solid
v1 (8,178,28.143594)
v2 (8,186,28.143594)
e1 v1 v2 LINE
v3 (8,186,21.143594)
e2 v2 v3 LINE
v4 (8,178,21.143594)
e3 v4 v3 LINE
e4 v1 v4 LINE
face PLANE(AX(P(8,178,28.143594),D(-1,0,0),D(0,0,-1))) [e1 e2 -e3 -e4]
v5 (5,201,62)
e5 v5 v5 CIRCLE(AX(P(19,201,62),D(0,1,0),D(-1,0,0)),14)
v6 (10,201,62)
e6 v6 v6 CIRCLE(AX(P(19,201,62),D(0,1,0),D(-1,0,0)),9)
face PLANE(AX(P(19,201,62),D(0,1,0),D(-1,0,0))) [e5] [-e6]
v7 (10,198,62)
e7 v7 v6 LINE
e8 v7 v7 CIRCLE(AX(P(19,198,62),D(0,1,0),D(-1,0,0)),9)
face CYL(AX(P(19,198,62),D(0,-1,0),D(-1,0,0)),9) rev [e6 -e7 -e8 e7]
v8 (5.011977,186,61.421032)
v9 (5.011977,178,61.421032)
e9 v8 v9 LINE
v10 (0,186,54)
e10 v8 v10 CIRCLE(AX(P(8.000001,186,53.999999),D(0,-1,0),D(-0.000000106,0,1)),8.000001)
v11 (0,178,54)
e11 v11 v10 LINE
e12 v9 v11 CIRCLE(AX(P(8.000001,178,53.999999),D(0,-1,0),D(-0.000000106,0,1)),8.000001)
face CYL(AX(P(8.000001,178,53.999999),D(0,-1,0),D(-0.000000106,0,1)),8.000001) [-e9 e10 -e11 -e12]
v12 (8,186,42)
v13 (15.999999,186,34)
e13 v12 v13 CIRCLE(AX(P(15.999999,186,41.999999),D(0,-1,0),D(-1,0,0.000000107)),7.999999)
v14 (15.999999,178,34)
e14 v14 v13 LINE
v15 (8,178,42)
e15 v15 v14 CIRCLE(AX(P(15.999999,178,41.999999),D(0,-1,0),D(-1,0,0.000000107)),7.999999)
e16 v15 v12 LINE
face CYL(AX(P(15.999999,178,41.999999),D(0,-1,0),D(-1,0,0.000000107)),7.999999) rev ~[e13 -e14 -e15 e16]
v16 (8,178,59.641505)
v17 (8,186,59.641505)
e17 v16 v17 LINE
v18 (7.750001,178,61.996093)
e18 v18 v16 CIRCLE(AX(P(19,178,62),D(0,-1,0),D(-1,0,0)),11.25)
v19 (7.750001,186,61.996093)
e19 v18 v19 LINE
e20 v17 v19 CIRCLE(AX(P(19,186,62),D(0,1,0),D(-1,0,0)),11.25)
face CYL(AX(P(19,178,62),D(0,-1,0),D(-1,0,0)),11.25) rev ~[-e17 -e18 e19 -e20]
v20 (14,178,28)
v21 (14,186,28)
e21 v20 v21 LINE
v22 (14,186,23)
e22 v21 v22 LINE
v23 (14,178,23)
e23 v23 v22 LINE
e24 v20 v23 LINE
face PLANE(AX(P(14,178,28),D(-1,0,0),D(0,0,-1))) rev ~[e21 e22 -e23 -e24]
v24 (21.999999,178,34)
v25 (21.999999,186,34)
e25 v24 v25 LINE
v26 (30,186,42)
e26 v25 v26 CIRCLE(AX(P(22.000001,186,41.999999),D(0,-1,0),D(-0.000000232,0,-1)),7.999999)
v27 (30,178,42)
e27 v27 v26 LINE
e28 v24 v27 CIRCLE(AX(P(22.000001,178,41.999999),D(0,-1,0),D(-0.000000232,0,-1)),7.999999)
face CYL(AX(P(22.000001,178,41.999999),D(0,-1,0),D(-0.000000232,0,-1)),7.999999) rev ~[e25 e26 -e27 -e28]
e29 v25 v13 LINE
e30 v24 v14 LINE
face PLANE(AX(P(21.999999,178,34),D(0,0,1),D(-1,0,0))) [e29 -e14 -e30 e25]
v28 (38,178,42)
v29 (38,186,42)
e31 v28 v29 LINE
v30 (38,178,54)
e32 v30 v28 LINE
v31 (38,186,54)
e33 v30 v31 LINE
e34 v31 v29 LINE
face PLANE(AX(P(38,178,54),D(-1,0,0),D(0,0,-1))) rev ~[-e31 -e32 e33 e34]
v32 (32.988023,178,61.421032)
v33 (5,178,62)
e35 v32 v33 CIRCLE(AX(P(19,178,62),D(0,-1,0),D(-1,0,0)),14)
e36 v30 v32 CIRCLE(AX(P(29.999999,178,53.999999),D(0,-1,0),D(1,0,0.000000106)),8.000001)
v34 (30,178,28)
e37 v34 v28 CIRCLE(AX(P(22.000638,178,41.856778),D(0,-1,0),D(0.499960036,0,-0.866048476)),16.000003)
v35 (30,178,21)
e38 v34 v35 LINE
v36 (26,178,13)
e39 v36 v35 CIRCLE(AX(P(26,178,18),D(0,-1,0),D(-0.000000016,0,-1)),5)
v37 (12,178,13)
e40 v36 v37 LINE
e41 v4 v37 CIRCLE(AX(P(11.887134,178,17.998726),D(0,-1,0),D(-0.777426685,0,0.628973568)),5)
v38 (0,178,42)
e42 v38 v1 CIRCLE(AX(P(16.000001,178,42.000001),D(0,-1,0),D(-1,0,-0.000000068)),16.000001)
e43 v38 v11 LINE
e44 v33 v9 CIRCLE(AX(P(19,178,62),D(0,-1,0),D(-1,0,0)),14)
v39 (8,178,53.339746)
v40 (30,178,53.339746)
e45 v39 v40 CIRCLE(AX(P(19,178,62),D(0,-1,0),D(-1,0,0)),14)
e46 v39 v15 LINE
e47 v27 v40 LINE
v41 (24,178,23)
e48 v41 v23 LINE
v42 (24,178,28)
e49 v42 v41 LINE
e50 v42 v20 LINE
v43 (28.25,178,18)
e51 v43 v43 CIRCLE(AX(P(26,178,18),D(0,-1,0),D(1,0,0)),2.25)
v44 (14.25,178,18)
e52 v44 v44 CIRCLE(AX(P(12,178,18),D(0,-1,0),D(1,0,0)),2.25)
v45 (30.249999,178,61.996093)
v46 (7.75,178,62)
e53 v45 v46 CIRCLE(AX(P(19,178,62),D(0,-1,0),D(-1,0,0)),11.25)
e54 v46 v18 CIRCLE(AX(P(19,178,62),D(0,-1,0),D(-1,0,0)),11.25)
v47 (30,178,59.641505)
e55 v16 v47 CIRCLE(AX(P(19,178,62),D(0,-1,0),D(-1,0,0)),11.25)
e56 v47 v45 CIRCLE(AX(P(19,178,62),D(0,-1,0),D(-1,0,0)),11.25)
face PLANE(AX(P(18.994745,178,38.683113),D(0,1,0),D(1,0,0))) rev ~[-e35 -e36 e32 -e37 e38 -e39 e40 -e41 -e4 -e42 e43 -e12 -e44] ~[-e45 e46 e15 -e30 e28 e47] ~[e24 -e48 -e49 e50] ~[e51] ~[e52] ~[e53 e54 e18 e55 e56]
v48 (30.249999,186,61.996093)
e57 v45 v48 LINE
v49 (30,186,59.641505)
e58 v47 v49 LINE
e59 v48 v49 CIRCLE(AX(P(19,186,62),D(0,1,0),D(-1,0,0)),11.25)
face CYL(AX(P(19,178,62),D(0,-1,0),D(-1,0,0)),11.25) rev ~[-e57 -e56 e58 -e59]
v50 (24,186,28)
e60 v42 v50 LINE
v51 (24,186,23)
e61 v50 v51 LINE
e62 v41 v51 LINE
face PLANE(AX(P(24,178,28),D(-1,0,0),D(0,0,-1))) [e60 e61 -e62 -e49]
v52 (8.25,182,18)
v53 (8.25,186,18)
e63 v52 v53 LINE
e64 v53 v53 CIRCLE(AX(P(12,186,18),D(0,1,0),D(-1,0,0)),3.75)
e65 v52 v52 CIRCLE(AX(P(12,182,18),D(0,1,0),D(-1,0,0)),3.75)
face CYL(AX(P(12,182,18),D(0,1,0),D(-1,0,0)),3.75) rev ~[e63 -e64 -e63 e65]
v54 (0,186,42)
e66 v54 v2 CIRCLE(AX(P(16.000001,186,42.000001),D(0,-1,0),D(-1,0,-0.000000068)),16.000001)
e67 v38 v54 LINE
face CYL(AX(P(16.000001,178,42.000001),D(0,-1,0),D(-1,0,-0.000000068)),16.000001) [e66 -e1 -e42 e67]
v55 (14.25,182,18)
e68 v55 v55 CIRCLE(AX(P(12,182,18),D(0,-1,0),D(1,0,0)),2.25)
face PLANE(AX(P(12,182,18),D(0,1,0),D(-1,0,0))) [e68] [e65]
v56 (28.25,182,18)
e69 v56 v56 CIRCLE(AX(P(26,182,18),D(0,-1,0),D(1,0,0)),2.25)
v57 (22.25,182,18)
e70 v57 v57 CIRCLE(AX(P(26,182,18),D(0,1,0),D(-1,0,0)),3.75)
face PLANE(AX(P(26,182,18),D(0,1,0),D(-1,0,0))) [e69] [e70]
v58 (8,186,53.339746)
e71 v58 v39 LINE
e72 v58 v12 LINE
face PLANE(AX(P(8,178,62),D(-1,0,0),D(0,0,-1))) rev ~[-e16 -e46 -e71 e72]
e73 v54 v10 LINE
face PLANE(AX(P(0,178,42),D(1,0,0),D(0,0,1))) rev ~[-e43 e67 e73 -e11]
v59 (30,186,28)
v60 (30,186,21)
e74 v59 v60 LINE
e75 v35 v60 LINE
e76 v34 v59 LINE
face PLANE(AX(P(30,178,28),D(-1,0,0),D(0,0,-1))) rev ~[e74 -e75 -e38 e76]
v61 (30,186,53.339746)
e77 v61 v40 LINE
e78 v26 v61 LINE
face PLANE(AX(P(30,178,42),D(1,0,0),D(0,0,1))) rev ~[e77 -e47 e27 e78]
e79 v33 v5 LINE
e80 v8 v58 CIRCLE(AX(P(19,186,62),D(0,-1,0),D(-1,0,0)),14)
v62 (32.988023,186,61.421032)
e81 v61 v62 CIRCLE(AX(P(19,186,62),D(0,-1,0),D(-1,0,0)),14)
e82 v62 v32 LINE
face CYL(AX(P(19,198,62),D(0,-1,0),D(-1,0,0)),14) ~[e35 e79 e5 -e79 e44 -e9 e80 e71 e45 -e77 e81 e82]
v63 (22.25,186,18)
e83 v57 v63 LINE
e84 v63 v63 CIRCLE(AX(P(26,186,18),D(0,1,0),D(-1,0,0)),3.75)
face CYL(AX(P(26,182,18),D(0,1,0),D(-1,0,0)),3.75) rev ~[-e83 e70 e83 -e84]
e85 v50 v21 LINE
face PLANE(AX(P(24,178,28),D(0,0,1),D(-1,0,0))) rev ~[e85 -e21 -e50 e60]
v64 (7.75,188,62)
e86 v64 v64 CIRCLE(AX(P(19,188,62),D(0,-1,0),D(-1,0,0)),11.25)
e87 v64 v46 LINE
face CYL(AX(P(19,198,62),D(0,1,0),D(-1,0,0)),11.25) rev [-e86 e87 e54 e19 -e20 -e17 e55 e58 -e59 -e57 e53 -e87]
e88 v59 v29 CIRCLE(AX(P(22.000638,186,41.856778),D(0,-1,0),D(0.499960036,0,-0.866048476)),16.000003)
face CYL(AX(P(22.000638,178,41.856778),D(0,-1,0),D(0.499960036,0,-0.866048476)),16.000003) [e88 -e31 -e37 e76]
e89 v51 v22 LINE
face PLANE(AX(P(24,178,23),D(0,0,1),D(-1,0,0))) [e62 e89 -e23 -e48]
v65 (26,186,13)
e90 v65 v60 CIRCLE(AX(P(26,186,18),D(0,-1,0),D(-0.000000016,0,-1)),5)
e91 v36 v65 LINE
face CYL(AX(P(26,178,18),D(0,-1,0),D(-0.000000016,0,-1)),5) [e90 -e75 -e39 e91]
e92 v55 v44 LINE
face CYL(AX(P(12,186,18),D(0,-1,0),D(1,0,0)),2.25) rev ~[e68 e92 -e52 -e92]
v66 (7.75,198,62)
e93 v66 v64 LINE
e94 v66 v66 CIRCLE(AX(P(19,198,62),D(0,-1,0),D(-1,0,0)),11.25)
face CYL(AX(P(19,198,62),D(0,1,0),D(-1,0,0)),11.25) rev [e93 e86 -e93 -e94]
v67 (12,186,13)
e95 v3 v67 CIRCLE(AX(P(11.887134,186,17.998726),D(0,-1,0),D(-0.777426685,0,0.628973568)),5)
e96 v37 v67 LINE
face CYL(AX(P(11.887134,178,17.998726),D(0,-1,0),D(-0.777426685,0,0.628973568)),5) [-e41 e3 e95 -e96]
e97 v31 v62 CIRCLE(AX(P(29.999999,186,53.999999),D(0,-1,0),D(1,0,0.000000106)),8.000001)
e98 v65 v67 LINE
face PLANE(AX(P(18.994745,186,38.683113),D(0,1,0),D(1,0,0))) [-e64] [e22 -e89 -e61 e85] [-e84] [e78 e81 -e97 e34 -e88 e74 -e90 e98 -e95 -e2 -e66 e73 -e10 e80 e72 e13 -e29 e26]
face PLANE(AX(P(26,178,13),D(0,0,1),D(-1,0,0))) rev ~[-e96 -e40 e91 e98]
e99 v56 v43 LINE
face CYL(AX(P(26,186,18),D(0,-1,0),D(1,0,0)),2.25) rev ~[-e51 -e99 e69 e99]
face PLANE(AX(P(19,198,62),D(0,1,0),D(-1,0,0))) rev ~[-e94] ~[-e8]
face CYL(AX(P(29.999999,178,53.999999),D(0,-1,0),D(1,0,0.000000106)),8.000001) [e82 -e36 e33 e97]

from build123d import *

# Parameters (mm, degrees)
SKETCH005_R             = 14
SKETCH005_R_2           = 11.25
PAD005_DEPTH            = 20
SKETCH006_R             = 14
SKETCH006_R_2           = 9
PAD006_DEPTH            = 3
SKETCH007_W             = 10
SKETCH007_H             = 5
PAD007_DEPTH            = 8
HOLE_D                  = 4.5
HOLE_DEPTH              = 25
HOLE_CBORE_D            = 7.5
HOLE_CBORE_DEPTH        = 4
SKETCH032_R             = 11.25
POCKET002_DEPTH         = 10
BODY002_PLACEMENT_ANGLE = 180


with BuildPart() as part:
    # Sketch005 → Pad005 (new body)
    with BuildSketch(Plane.XZ):
        Circle(SKETCH005_R)
        Circle(SKETCH005_R_2, mode=Mode.SUBTRACT)
    extrude(amount=PAD005_DEPTH)

    # Sketch006 (on Face3 of Pad005) → Pad006 (join)
    with BuildSketch(Plane(origin=(0, 0, 0), x_dir=(1, 0, 0), z_dir=(0, 1, 0))):
        Circle(SKETCH006_R)
        Circle(SKETCH006_R_2, mode=Mode.SUBTRACT)
    extrude(amount=PAD006_DEPTH)

    # Sketch007 (on Face3 of Pad006) → Pad007 (join)
    with BuildSketch(Plane.XZ.offset(20)):
        with BuildLine():
            Line((-11, 20), (-11, 0))
            ThreePointArc((-19, 8), (-16.656854, 2.343146), (-11, 0))
            Line((-19, 8), (-19, 20))
            ThreePointArc((-11, 34), (-16.892531, 28.081446), (-19, 20))
            Line((-11, 34), (-11, 41))
            ThreePointArc((-7, 49), (-11.472136, 46.236068), (-11, 41))
            Line((-7, 49), (7, 49))
            ThreePointArc((11, 40.856406), (11.600717, 46.205633), (7, 49))
            Line((11, 33.856406), (11, 40.856406))
            ThreePointArc((19, 20), (16.856406, 28), (11, 33.856406))
            Line((19, 20), (19, 8))
            ThreePointArc((11, 0), (16.656854, 2.343146), (19, 8))
            Line((11, 0), (11, 20))
            ThreePointArc((11, 20), (8.656855, 25.656854), (3.000001, 28))
            Line((-2.999999, 28), (3.000001, 28))
            ThreePointArc((-2.999999, 28), (-8.656854, 25.656855), (-11, 20))
        make_face()
        with Locations((0, 36.5)):
            Rectangle(SKETCH007_W, SKETCH007_H, mode=Mode.SUBTRACT)
    extrude(amount=-PAD007_DEPTH)

    # Hole
    with Locations(Plane(origin=(0, -12, 0), x_dir=(1, 0, 0), z_dir=(0, 1, 0))):
        with Locations((-7, -44), (7, -44)):
            CounterBoreHole(HOLE_D / 2, HOLE_CBORE_D / 2, HOLE_CBORE_DEPTH, depth=HOLE_DEPTH)

    # Sketch032 (on Face7 of Hole) → Pocket002 (cut)
    with BuildSketch(Plane.XZ.offset(20)):
        Circle(SKETCH032_R)
    extrude(amount=-POCKET002_DEPTH, mode=Mode.SUBTRACT)


with BuildPart() as part_1:
    # Body002 placement: moved
    add(part.part.moved(Location((19, 198, 62))).rotate(Axis((19, 198, 62), (0, 1, 0)), BODY002_PLACEMENT_ANGLE))


solid = part_1.part
